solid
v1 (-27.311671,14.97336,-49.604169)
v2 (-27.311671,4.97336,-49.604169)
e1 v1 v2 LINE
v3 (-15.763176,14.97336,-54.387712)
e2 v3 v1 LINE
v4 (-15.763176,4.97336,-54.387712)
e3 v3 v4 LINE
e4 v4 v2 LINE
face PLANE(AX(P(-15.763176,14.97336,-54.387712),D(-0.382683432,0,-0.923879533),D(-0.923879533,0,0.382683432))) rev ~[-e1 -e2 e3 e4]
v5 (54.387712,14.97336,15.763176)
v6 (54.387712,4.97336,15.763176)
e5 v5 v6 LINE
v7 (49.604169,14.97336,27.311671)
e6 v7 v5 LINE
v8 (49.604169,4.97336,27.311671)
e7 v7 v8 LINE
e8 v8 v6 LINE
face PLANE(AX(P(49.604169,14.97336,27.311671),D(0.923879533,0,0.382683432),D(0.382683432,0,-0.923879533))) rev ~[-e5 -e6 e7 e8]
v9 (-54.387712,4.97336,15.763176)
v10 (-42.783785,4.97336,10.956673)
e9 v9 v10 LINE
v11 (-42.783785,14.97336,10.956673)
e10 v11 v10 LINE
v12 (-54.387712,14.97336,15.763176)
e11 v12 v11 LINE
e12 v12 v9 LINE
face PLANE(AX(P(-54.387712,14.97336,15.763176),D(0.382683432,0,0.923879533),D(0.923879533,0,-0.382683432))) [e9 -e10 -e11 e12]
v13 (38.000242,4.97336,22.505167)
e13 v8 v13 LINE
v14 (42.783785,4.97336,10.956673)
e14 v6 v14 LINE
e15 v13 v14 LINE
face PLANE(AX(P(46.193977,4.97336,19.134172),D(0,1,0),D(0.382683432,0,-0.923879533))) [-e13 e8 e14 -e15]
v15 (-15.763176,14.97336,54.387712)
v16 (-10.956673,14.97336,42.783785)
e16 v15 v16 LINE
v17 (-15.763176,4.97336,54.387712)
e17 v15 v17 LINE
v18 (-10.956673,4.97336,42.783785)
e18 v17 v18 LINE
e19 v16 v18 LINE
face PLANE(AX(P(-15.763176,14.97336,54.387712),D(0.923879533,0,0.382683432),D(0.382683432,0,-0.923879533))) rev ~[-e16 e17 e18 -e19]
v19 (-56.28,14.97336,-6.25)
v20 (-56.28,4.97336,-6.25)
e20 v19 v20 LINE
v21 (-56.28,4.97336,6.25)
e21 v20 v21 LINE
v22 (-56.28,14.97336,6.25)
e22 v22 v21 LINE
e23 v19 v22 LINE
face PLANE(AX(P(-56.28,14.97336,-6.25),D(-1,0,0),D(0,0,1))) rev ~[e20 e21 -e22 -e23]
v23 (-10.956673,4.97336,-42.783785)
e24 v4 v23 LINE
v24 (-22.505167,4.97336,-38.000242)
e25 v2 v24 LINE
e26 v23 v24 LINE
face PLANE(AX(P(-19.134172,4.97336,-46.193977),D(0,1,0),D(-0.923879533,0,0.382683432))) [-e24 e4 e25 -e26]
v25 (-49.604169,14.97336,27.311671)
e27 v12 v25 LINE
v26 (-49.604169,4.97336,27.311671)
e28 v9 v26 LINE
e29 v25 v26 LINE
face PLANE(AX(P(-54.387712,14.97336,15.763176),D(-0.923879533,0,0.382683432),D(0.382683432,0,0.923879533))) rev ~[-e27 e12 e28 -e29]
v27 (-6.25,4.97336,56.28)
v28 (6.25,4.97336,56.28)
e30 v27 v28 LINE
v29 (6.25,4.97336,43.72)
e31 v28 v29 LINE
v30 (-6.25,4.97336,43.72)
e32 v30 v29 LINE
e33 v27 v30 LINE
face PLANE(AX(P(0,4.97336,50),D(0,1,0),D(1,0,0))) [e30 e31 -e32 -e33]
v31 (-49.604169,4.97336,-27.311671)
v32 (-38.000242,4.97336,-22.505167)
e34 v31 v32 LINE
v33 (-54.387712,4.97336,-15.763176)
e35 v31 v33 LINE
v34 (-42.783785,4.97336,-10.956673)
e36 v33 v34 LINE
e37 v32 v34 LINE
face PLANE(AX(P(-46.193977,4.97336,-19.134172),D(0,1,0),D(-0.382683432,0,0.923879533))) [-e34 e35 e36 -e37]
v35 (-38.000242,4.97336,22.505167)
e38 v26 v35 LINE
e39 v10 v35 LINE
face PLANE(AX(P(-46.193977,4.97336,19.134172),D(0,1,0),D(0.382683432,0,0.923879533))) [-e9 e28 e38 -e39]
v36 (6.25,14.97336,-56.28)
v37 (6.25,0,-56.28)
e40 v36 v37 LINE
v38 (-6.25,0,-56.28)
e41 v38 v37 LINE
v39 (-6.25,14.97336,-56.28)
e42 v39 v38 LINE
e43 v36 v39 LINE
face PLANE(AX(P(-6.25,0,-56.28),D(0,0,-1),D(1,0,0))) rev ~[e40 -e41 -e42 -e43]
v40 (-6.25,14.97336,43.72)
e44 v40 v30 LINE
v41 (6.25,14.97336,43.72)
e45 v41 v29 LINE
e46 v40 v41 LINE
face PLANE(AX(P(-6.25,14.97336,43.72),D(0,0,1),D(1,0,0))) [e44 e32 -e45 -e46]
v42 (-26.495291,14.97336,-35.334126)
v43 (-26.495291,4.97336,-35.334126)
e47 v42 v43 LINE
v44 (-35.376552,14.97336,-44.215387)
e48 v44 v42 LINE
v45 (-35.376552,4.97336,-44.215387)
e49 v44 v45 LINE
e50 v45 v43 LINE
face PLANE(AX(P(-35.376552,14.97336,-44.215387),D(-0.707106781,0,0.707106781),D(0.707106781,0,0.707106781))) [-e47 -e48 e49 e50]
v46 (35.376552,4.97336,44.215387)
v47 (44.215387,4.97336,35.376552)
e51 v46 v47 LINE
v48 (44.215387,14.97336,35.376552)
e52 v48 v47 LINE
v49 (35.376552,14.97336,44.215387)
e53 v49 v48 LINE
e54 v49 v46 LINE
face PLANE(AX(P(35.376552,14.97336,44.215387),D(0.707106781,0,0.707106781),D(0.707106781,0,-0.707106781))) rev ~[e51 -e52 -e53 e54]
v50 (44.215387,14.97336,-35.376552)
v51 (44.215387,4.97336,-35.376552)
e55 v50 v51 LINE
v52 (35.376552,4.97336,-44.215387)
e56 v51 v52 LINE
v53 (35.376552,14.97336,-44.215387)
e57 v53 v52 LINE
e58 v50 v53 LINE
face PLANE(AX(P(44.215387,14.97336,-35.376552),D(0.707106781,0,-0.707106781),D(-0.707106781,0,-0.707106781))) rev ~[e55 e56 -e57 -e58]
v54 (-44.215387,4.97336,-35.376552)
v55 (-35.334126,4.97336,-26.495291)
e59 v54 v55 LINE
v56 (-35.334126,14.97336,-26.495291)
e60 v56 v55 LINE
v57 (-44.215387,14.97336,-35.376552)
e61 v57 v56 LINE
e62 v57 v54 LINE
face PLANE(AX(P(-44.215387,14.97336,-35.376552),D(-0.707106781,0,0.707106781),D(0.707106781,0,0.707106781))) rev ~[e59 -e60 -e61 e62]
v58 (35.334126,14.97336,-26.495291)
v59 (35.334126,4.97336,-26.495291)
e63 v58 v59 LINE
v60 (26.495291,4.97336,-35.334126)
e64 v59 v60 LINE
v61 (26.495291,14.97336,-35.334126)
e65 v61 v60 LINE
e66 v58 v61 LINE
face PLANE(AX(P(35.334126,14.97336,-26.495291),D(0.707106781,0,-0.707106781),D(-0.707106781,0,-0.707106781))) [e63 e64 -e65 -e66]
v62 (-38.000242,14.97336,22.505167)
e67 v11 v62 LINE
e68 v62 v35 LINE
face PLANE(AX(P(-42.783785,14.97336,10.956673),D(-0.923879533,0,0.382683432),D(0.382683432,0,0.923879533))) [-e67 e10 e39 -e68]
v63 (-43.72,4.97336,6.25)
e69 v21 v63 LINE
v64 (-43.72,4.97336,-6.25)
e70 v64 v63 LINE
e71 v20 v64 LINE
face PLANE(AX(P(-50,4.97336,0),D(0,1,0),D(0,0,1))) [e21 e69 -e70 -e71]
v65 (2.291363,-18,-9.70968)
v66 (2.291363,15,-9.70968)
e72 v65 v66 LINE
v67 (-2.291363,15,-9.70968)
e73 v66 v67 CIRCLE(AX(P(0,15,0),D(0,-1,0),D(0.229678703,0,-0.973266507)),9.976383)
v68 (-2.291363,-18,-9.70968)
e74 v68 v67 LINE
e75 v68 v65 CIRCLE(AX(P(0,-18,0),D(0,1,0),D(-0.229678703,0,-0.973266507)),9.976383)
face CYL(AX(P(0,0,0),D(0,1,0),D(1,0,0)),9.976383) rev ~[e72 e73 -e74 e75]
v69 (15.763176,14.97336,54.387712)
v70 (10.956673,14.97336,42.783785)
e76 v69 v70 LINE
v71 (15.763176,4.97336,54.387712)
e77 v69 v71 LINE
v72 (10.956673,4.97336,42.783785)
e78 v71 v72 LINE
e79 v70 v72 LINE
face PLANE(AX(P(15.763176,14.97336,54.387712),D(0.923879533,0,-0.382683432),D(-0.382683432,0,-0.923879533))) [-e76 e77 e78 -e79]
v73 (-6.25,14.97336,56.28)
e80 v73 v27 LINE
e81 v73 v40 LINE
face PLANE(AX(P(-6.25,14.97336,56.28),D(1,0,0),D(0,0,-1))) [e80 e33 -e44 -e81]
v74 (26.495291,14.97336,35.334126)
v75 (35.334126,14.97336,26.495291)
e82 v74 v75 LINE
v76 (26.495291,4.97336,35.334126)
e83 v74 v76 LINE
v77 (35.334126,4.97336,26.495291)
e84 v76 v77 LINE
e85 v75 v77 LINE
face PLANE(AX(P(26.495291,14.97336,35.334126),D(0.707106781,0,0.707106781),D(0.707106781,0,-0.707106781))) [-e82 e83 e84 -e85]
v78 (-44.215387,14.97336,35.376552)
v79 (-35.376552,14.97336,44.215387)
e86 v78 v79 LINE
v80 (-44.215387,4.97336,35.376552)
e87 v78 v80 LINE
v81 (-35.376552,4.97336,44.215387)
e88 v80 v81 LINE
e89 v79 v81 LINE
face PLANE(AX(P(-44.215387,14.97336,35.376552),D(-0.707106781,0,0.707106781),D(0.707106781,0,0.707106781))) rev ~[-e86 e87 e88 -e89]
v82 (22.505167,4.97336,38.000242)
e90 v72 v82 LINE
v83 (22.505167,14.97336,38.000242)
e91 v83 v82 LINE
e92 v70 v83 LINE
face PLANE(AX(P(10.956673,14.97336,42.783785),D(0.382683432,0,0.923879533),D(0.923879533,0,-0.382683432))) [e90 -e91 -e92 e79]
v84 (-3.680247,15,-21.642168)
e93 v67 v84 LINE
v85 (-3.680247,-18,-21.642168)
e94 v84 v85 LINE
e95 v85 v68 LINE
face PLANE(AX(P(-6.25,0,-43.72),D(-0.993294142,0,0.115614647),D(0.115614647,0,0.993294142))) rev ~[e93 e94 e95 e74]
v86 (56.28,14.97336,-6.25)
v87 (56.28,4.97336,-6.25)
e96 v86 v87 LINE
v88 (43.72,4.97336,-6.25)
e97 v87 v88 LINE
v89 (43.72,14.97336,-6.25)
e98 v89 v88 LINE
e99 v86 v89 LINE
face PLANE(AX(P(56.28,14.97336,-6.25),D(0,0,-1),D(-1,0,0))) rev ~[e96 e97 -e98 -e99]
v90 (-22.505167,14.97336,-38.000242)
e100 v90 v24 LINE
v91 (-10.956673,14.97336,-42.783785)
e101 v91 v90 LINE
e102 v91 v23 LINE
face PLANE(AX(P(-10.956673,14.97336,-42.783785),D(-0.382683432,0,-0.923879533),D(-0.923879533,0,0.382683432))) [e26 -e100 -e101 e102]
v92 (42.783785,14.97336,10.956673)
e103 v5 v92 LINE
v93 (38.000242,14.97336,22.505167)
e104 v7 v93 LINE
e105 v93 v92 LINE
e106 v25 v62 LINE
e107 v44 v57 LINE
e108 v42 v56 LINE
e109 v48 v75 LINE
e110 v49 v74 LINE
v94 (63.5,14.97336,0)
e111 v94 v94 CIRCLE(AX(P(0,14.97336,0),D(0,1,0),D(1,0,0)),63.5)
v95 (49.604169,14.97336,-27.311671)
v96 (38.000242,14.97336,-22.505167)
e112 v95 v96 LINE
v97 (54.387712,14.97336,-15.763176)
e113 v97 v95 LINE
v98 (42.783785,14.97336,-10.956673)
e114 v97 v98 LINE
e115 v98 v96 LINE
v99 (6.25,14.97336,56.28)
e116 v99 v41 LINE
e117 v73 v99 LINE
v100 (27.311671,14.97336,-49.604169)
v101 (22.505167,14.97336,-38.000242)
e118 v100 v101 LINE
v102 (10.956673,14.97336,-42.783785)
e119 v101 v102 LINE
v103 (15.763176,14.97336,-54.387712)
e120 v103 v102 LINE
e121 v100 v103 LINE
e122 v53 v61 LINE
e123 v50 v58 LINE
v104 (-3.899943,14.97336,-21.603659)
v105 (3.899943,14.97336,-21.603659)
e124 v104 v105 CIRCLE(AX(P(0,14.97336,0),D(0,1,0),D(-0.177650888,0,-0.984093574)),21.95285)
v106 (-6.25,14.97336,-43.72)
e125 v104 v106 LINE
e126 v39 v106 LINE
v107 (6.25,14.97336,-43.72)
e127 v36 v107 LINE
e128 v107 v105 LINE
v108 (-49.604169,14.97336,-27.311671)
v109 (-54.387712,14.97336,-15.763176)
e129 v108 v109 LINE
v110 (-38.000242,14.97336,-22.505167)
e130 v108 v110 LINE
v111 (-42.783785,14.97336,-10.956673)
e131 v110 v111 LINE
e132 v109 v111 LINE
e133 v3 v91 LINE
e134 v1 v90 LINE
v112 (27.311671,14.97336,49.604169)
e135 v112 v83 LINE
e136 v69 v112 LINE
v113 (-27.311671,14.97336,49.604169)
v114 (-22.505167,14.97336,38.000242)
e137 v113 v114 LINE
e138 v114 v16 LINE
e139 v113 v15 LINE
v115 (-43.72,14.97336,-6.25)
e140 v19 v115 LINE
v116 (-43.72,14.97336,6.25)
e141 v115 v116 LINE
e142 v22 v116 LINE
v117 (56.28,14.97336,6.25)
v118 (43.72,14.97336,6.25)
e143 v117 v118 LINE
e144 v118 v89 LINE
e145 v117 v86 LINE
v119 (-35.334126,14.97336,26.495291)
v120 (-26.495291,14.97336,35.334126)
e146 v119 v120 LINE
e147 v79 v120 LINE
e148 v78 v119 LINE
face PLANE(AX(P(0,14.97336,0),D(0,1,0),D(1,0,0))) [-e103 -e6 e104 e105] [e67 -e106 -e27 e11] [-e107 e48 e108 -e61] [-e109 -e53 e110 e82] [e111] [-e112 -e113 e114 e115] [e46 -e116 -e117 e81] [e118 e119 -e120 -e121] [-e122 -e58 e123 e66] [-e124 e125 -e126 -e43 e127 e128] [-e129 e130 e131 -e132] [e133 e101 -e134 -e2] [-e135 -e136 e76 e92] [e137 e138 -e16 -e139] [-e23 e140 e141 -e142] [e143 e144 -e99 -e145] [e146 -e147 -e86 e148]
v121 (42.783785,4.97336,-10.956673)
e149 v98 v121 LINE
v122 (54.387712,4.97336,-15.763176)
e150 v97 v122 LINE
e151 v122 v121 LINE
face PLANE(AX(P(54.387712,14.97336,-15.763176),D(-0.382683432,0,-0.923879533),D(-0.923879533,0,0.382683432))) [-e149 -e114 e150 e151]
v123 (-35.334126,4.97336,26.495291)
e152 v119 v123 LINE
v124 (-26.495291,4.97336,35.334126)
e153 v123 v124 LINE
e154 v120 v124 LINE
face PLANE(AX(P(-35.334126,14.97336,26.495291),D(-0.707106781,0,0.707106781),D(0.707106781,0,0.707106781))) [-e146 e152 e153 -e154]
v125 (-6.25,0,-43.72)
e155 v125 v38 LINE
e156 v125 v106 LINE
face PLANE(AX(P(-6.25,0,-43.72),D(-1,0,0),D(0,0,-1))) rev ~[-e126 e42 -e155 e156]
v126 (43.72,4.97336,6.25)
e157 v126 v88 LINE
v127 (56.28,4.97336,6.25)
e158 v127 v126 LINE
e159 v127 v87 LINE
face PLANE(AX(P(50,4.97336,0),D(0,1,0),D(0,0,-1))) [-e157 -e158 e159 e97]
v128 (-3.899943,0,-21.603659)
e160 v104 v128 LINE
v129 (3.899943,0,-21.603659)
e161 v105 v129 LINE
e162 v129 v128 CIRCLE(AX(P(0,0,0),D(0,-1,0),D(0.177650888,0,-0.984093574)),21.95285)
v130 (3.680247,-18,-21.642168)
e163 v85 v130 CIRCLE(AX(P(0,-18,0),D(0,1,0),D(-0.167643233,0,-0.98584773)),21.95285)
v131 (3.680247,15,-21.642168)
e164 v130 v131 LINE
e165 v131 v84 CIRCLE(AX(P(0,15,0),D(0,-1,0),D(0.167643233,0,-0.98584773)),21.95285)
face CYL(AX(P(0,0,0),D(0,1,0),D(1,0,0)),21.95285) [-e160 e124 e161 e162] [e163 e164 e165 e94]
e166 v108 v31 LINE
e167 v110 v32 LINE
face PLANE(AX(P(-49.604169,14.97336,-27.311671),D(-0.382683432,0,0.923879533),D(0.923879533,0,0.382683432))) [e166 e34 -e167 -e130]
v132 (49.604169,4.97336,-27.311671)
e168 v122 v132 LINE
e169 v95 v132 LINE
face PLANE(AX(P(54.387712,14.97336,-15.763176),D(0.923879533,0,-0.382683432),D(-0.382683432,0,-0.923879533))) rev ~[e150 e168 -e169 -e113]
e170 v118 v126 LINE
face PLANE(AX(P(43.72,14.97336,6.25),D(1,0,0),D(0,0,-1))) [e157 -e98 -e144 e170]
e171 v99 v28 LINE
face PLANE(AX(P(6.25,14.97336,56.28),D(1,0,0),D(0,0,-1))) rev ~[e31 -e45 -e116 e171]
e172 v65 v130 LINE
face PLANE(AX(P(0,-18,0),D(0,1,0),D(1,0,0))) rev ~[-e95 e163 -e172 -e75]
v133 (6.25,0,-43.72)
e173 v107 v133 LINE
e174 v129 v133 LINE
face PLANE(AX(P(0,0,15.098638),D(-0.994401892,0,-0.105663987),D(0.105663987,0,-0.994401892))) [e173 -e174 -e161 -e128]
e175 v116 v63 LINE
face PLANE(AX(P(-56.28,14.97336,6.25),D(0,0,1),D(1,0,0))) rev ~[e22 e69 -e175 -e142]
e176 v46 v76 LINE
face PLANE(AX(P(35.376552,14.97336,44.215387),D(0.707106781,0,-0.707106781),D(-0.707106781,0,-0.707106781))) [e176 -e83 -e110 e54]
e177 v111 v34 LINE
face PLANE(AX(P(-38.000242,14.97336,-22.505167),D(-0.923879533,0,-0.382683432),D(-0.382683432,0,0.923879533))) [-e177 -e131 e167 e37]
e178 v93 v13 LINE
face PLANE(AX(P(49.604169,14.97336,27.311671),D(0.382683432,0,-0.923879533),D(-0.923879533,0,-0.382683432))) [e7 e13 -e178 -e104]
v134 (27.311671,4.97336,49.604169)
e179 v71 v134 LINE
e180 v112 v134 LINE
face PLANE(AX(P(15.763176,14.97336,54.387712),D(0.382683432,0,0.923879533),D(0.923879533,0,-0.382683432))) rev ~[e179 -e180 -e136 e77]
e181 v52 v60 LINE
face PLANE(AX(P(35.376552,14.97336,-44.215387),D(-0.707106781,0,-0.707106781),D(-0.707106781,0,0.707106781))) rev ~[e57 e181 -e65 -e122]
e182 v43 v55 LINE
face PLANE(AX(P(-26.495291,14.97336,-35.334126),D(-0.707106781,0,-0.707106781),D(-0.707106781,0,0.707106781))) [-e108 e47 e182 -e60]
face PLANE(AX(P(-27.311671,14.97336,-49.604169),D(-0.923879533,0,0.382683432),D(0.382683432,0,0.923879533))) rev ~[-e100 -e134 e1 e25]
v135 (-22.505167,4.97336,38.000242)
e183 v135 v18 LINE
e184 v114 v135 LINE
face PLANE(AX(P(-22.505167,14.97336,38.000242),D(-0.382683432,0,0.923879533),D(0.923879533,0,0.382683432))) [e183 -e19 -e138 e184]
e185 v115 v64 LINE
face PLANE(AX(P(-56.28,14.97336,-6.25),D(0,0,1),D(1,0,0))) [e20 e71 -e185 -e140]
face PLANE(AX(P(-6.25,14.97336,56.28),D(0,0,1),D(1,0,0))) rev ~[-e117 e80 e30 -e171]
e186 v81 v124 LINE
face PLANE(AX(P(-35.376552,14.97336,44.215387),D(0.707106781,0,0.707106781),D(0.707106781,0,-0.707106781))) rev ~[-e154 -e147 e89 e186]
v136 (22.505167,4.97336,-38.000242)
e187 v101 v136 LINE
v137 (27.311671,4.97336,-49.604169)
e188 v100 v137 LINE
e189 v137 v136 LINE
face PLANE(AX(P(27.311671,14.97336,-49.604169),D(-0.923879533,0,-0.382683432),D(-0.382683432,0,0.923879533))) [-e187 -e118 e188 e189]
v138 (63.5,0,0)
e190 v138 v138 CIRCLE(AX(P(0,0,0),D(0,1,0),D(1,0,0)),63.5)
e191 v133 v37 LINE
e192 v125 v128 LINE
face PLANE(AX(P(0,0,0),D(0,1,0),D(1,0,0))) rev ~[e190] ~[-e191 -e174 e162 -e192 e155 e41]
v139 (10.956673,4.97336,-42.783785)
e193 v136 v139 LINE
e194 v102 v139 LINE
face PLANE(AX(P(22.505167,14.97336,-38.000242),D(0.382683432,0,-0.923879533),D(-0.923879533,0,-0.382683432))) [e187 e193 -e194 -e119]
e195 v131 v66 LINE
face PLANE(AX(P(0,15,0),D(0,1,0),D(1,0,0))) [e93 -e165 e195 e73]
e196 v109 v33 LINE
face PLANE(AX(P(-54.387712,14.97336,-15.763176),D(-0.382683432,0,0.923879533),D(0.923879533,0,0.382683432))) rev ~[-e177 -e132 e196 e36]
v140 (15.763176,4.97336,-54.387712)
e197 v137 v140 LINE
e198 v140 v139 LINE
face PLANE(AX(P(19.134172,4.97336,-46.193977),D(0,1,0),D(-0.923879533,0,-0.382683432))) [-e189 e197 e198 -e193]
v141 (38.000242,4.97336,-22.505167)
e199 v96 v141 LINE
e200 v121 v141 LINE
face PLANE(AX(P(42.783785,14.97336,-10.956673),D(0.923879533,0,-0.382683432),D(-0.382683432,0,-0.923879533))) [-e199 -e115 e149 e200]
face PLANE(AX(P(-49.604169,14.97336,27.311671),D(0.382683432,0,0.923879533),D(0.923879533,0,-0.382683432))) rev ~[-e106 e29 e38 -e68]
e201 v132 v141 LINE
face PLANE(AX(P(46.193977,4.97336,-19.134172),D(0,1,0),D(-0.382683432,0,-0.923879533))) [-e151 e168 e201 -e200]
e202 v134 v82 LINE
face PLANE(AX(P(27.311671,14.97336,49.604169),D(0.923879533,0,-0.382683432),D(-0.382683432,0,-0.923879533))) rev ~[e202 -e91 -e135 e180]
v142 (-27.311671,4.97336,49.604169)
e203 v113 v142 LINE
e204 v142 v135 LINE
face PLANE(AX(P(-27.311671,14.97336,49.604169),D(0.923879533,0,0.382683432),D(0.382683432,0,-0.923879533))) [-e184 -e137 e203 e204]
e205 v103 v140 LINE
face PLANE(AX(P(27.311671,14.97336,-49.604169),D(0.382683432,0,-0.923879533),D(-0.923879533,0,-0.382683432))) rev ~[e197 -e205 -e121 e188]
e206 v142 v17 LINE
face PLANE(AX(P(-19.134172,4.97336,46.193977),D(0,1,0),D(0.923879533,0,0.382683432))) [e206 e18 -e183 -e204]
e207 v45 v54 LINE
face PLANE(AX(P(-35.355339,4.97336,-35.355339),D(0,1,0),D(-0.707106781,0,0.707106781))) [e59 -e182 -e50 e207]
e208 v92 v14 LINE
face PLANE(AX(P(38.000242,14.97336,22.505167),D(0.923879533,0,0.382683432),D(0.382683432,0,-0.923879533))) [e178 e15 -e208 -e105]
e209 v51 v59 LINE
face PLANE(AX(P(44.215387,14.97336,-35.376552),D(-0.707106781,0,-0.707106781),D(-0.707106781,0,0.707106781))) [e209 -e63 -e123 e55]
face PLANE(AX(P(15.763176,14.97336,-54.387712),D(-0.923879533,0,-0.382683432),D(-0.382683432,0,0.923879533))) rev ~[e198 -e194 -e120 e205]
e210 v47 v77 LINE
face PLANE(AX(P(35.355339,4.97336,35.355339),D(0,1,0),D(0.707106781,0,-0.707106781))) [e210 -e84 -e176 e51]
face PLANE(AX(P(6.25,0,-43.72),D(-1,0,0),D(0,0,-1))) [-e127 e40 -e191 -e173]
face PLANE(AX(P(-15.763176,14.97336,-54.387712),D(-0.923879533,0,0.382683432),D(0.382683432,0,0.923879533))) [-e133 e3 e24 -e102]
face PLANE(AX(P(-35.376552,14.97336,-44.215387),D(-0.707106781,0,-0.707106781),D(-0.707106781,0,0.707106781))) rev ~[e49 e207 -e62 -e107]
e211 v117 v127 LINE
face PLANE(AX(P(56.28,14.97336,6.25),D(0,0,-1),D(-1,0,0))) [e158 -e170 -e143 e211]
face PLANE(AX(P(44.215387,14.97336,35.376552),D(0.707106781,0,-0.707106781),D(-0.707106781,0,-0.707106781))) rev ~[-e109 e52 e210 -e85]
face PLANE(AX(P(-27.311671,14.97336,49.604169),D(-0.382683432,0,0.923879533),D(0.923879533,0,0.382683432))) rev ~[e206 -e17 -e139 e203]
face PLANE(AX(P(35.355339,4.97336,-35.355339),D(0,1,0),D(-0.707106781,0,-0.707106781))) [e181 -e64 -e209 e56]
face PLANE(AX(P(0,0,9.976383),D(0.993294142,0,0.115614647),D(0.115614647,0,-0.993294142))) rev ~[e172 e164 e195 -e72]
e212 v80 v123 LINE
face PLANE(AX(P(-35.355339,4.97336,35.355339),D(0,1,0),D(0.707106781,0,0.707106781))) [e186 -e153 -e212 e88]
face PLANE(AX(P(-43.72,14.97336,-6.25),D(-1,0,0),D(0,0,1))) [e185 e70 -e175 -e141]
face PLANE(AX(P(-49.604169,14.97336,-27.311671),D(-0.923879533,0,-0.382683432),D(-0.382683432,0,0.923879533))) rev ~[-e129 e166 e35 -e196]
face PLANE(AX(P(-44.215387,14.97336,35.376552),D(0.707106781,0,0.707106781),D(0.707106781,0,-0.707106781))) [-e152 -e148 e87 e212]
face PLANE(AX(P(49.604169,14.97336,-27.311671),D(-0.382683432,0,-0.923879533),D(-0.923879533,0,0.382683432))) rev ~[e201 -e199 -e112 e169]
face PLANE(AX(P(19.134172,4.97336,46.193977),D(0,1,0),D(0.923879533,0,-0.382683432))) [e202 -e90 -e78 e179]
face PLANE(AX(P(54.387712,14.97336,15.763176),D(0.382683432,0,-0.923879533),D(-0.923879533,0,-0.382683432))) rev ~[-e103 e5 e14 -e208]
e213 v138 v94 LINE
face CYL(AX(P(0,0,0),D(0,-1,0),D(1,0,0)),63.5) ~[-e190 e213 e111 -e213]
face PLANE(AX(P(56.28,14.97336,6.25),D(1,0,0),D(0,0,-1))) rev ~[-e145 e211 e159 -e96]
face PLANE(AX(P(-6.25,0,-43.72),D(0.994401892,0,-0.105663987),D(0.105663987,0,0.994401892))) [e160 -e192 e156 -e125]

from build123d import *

# Parameters (mm, degrees)
SKETCH1_R                = 63.5
BOSS_EXTRUDE1_DEPTH      = 14.973360437
SKETCH2_W                = 12.5
SKETCH2_H                = 12.56
CUT_EXTRUDE1_DEPTH       = 10
CIRPATTERN1_COUNT        = 16
SKETCH5_W                = 12.5
SKETCH5_H                = 12.56
CUT_EXTRUDE3_DEPTH       = 37
CUT_EXTRUDE3_DEPTH_BACK  = 31
SKETCH6_R                = 17.625930659
CUT_EXTRUDE4_DEPTH       = 26
CUT_EXTRUDE4_DEPTH_BACK  = 37
CUT_EXTRUDE9_DEPTH       = 19
CUT_EXTRUDE9_DEPTH_BACK  = 11
SKETCH13_R               = 21.952850423
BOSS_EXTRUDE4_DEPTH      = 15
BOSS_EXTRUDE4_DEPTH_BACK = 18
SKETCH16_R               = 9.976383377
CUT_EXTRUDE11_DEPTH      = 33
CUT_EXTRUDE11_DEPTH_BACK = 29
CUT_EXTRUDE15_DEPTH      = 27
CUT_EXTRUDE15_DEPTH_BACK = 29


with BuildPart() as part:
    # Sketch1 → Boss-Extrude1 (new body)
    with BuildSketch(Plane(origin=(0, 0, 0), x_dir=(1, 0, 0), z_dir=(0, 1, 0))):
        Circle(SKETCH1_R)
    extrude(amount=BOSS_EXTRUDE1_DEPTH)

    # Sketch2 → Cut-Extrude1 (cut)
    with BuildSketch(Plane(origin=(0, 14.973360437, 0), x_dir=(1, 0, 0), z_dir=(0, 1, 0))):
        with Locations((0, -50)):
            Rectangle(SKETCH2_W, SKETCH2_H)
    cut_extrude1 = extrude(amount=-CUT_EXTRUDE1_DEPTH, mode=Mode.SUBTRACT)

    # CirPattern1: Cut-Extrude1 ×16 about axis
    cirpattern1_axis = Axis((0, 0, 0), (0, 1, 0))
    for i in range(1, CIRPATTERN1_COUNT):
        add(cut_extrude1.rotate(cirpattern1_axis, i * 360 / CIRPATTERN1_COUNT), mode=Mode.SUBTRACT)

    # Sketch5 → Cut-Extrude3 (cut, two sides)
    with BuildSketch(Plane(origin=(0, 0, 0), x_dir=(1, 0, 0), z_dir=(0, 1, 0))) as cut_extrude3_sk:
        with Locations((0, 50)):
            Rectangle(SKETCH5_W, SKETCH5_H)
    extrude(amount=CUT_EXTRUDE3_DEPTH, mode=Mode.SUBTRACT)
    extrude(cut_extrude3_sk.sketch, amount=-CUT_EXTRUDE3_DEPTH_BACK, mode=Mode.SUBTRACT)

    # Sketch6 → Cut-Extrude4 (cut, two sides)
    with BuildSketch(Plane(origin=(0, 14.973360437, 0), x_dir=(1, 0, 0), z_dir=(0, 1, 0))) as cut_extrude4_sk:
        Circle(SKETCH6_R)
    extrude(amount=CUT_EXTRUDE4_DEPTH, mode=Mode.SUBTRACT)
    extrude(cut_extrude4_sk.sketch, amount=-CUT_EXTRUDE4_DEPTH_BACK, mode=Mode.SUBTRACT)

    # Sketch9 → Cut-Extrude9 (cut, two sides)
    with BuildSketch(Plane(origin=(0, 0, 0), x_dir=(1, 0, 0), z_dir=(0, 1, 0))) as cut_extrude9_sk:
        Polygon((-6.25, 43.72), (0, -15.098638444), (6.25, 43.72), align=None)
    extrude(amount=CUT_EXTRUDE9_DEPTH, mode=Mode.SUBTRACT)
    extrude(cut_extrude9_sk.sketch, amount=-CUT_EXTRUDE9_DEPTH_BACK, mode=Mode.SUBTRACT)

    # Sketch13 → Boss-Extrude4 (add, two sides)
    with BuildSketch(Plane(origin=(0, 0, 0), x_dir=(1, 0, 0), z_dir=(0, 1, 0))) as boss_extrude4_sk:
        Circle(SKETCH13_R)
    extrude(amount=BOSS_EXTRUDE4_DEPTH)
    extrude(boss_extrude4_sk.sketch, amount=-BOSS_EXTRUDE4_DEPTH_BACK)

    # Sketch16 → Cut-Extrude11 (cut, two sides)
    with BuildSketch(Plane(origin=(0, 0, 0), x_dir=(1, 0, 0), z_dir=(0, 1, 0))) as cut_extrude11_sk:
        Circle(SKETCH16_R)
    extrude(amount=CUT_EXTRUDE11_DEPTH, mode=Mode.SUBTRACT)
    extrude(cut_extrude11_sk.sketch, amount=-CUT_EXTRUDE11_DEPTH_BACK, mode=Mode.SUBTRACT)

    # Sketch17 → Cut-Extrude15 (cut, two sides)
    with BuildSketch(Plane(origin=(0, 0, 0), x_dir=(1, 0, 0), z_dir=(0, 1, 0))) as cut_extrude15_sk:
        Polygon((-6.25, 43.72), (0, -9.976383377), (6.25, 43.72), align=None)
    extrude(amount=CUT_EXTRUDE15_DEPTH, mode=Mode.SUBTRACT)
    extrude(cut_extrude15_sk.sketch, amount=-CUT_EXTRUDE15_DEPTH_BACK, mode=Mode.SUBTRACT)


solid = part.part
